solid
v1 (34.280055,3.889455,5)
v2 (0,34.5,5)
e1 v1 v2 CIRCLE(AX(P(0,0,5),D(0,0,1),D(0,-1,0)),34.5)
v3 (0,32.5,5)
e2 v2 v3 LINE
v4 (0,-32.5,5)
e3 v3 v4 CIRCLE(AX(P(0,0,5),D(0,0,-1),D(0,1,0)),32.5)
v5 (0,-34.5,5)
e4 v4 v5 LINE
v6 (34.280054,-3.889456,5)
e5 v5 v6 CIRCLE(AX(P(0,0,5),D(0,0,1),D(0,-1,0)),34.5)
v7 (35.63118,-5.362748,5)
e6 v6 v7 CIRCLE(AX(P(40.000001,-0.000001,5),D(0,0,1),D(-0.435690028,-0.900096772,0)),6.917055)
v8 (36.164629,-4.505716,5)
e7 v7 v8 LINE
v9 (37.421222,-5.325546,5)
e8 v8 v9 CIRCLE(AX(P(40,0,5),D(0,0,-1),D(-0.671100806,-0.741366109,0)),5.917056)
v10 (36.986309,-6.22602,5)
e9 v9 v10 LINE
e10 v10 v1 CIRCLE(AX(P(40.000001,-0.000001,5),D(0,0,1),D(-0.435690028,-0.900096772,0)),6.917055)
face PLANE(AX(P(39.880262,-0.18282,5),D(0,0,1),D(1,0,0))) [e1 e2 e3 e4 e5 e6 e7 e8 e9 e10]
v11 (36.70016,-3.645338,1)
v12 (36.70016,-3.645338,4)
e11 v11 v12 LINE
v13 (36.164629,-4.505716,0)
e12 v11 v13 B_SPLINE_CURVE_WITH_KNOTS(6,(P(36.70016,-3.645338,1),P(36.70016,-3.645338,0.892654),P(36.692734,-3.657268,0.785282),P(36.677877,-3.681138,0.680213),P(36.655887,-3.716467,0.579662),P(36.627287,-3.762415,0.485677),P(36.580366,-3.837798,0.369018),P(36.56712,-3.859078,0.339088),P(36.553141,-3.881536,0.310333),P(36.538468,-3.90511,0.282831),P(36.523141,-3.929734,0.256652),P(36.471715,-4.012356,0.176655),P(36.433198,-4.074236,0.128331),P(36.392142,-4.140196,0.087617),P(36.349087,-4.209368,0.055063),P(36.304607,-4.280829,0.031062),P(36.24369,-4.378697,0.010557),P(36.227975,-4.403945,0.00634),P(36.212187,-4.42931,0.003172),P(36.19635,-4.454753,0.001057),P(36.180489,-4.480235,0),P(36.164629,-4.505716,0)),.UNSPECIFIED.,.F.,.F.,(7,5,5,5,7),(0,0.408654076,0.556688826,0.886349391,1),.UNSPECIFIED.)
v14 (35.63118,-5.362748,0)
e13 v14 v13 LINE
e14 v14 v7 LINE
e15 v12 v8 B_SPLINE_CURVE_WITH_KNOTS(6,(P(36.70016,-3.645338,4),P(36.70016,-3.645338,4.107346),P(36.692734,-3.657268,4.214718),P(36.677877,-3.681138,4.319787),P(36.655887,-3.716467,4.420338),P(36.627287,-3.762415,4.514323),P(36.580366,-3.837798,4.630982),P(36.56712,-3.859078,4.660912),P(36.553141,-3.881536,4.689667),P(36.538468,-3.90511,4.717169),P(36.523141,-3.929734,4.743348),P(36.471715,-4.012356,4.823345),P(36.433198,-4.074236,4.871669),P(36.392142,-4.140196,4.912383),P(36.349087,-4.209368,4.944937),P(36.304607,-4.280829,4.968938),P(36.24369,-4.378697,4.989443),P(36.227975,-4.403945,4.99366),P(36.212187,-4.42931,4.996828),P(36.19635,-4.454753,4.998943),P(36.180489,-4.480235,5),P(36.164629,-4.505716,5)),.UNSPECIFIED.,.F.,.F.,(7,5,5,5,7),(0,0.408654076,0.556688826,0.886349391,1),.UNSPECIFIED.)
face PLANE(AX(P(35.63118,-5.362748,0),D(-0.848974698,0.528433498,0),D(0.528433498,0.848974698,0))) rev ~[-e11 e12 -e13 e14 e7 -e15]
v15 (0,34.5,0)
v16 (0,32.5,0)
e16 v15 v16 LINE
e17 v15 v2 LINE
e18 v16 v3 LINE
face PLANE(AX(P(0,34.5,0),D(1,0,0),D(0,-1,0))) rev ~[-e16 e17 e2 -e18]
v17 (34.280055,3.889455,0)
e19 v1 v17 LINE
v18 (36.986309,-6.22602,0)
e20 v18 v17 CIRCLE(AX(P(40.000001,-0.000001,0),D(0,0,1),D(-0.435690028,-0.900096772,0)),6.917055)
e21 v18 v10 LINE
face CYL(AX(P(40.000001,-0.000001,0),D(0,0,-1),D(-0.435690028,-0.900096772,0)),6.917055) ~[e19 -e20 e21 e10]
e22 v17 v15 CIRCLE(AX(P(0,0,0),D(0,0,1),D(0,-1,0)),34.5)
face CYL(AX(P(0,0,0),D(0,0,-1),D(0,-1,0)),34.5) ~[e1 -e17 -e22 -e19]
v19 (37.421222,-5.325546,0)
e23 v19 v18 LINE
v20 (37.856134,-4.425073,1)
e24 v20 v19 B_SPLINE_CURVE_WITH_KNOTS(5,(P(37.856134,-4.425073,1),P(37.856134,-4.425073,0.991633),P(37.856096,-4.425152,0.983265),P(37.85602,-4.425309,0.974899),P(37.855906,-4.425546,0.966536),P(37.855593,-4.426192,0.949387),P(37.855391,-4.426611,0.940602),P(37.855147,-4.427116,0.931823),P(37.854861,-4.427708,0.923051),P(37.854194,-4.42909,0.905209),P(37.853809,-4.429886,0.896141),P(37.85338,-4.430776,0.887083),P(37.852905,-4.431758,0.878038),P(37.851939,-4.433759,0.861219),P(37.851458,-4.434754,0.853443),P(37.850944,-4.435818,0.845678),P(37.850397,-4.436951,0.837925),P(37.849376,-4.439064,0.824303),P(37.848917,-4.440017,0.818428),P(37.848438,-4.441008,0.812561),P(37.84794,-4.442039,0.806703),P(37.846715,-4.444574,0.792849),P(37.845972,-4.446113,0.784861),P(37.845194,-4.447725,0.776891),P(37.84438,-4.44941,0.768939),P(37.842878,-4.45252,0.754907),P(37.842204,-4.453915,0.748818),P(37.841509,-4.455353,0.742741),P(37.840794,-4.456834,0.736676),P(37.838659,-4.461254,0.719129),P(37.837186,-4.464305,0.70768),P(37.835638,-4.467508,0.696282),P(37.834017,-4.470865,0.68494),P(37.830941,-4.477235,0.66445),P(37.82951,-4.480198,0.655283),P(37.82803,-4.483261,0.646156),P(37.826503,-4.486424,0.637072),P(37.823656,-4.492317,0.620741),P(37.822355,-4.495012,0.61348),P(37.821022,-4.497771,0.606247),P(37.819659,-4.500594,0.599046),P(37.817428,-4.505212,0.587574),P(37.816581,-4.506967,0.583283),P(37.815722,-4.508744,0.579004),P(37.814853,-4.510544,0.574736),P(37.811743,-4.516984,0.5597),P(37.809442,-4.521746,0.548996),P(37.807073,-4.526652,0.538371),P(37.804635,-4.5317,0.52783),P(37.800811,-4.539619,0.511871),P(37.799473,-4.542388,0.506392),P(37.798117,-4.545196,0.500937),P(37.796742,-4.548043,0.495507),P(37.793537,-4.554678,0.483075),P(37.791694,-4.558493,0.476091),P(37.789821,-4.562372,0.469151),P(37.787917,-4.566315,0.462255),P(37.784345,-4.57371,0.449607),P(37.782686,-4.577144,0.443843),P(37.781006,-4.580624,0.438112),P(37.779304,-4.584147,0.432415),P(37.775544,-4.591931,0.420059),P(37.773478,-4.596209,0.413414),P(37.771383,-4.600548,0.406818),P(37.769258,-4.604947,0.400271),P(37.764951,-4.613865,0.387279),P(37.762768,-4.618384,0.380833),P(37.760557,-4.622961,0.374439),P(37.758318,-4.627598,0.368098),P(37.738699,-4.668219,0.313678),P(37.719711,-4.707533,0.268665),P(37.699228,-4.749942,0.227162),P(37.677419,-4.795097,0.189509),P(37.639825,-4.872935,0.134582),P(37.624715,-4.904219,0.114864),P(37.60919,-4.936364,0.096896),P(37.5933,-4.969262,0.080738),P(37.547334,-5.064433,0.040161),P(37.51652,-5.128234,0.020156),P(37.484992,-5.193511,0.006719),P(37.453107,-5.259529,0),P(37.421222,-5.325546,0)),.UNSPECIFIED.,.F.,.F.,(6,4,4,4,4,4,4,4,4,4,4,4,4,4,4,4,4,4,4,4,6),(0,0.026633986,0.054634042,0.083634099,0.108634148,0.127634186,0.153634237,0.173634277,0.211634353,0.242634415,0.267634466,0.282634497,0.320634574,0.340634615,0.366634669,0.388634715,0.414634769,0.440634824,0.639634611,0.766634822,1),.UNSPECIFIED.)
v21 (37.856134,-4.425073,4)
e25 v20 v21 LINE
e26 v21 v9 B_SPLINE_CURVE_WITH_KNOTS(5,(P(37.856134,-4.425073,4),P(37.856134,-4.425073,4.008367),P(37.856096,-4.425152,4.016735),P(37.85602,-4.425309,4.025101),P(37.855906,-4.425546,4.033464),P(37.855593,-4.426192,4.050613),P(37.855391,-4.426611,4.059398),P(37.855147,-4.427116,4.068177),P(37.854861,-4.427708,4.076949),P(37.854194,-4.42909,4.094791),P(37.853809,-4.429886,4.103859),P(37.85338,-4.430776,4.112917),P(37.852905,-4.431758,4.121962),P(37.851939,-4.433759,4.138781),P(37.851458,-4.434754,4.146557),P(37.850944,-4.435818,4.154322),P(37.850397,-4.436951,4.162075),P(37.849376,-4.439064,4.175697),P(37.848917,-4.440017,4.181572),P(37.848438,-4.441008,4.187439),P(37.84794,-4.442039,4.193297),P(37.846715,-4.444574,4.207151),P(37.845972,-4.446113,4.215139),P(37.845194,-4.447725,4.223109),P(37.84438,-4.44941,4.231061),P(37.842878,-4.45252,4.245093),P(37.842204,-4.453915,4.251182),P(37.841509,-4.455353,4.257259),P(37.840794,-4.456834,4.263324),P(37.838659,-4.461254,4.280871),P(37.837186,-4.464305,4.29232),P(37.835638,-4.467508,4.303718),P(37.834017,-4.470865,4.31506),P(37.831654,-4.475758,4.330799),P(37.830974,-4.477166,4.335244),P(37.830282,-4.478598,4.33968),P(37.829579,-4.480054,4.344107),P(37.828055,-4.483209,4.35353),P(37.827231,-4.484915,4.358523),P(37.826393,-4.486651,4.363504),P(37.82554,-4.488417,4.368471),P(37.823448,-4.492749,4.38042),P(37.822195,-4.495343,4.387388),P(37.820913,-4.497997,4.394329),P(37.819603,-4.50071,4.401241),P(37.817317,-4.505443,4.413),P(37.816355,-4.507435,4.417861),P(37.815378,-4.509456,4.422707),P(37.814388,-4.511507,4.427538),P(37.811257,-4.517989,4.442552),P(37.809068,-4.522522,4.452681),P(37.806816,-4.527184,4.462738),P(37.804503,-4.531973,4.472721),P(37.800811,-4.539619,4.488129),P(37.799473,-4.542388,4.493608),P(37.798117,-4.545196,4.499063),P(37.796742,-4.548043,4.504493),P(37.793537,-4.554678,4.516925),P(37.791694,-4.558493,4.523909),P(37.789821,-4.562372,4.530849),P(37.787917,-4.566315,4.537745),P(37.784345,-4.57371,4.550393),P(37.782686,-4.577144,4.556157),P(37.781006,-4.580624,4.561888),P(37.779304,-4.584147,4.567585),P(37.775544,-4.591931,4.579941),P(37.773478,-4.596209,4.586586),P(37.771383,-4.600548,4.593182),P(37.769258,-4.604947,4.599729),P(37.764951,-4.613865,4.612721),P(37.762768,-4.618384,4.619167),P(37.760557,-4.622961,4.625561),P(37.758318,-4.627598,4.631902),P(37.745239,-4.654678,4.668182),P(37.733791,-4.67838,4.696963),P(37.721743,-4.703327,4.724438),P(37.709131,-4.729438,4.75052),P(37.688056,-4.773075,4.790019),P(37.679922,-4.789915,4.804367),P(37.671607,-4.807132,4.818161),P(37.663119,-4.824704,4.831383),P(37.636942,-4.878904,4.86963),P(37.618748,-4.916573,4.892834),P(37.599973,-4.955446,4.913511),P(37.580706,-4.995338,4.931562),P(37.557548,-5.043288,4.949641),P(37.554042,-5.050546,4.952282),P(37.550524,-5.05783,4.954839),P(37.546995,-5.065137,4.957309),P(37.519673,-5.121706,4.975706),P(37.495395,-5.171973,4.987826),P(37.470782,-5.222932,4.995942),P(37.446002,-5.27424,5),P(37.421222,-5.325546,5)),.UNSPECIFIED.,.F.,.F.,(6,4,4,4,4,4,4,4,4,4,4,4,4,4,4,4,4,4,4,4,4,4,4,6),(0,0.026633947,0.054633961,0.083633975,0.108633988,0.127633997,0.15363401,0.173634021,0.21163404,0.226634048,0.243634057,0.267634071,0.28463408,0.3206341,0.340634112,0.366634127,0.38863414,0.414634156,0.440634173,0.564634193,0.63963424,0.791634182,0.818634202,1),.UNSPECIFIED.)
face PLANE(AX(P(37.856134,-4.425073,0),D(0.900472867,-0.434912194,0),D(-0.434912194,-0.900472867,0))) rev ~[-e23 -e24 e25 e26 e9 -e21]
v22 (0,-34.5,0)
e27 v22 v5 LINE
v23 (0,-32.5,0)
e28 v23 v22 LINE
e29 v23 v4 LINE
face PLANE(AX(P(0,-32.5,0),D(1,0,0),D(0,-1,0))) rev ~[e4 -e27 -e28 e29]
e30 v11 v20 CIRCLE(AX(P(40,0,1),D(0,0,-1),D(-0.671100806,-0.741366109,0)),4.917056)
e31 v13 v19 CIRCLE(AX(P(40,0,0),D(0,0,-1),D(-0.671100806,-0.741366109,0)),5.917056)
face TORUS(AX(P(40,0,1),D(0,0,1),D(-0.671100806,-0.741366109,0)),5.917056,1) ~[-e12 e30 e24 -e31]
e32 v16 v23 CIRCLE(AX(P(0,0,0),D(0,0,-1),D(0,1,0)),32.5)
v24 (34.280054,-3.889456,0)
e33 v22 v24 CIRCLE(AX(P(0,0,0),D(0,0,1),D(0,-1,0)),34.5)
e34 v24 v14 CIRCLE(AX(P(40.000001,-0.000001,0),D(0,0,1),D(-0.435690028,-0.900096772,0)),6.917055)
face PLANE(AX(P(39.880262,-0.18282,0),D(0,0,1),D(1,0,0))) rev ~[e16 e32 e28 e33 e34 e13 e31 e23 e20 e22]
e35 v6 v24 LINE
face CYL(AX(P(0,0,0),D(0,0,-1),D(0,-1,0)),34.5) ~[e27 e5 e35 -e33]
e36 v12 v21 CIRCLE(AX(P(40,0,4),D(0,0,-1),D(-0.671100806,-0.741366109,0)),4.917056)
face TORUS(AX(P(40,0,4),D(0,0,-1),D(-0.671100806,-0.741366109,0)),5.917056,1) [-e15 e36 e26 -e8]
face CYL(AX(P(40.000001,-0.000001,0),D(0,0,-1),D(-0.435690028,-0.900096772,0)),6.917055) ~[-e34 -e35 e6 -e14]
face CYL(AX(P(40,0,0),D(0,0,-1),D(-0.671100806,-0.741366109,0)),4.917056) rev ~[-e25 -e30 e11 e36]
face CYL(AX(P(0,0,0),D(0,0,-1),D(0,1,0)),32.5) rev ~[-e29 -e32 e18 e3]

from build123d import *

# Parameters (mm, degrees)
F1_DEPTH = 5
F3_DEPTH = 5
F4_R     = 1


with BuildPart() as f1:
    # F0 (on Top) → F1 (new body)
    with BuildSketch(Plane.XY):
        with BuildLine():
            Line((0, 34.5), (0, 32.5))
            ThreePointArc((0, 32.5), (32.5, 0), (0, -32.5))
            Line((0, -32.5), (0, -34.5))
            ThreePointArc((0, -34.5), (34.5, 0), (0, 34.5))
        make_face()
    extrude(amount=F1_DEPTH)

    # F2 (on Top) → F3 (join)
    with BuildSketch(Plane.XY):
        with BuildLine():
            Line((37.856134, -4.425073), (36.986309, -6.22602))
            ThreePointArc((36.986309, -6.22602), (43.716406, 5.833865), (35.63118, -5.362748))
            Line((35.63118, -5.362748), (36.70016, -3.645338))
            ThreePointArc((36.70016, -3.645338), (42.749633, 4.07639), (37.856134, -4.425073))
        make_face()
    extrude(amount=F3_DEPTH)

    # F4
    f4_edges = [f1.edges().sort_by_distance(p)[0] for p in [
        (42.749633, 4.07639, 0),
        (42.749633, 4.07639, 5),
    ]]
    fillet(f4_edges, radius=F4_R)


solid = f1.part
